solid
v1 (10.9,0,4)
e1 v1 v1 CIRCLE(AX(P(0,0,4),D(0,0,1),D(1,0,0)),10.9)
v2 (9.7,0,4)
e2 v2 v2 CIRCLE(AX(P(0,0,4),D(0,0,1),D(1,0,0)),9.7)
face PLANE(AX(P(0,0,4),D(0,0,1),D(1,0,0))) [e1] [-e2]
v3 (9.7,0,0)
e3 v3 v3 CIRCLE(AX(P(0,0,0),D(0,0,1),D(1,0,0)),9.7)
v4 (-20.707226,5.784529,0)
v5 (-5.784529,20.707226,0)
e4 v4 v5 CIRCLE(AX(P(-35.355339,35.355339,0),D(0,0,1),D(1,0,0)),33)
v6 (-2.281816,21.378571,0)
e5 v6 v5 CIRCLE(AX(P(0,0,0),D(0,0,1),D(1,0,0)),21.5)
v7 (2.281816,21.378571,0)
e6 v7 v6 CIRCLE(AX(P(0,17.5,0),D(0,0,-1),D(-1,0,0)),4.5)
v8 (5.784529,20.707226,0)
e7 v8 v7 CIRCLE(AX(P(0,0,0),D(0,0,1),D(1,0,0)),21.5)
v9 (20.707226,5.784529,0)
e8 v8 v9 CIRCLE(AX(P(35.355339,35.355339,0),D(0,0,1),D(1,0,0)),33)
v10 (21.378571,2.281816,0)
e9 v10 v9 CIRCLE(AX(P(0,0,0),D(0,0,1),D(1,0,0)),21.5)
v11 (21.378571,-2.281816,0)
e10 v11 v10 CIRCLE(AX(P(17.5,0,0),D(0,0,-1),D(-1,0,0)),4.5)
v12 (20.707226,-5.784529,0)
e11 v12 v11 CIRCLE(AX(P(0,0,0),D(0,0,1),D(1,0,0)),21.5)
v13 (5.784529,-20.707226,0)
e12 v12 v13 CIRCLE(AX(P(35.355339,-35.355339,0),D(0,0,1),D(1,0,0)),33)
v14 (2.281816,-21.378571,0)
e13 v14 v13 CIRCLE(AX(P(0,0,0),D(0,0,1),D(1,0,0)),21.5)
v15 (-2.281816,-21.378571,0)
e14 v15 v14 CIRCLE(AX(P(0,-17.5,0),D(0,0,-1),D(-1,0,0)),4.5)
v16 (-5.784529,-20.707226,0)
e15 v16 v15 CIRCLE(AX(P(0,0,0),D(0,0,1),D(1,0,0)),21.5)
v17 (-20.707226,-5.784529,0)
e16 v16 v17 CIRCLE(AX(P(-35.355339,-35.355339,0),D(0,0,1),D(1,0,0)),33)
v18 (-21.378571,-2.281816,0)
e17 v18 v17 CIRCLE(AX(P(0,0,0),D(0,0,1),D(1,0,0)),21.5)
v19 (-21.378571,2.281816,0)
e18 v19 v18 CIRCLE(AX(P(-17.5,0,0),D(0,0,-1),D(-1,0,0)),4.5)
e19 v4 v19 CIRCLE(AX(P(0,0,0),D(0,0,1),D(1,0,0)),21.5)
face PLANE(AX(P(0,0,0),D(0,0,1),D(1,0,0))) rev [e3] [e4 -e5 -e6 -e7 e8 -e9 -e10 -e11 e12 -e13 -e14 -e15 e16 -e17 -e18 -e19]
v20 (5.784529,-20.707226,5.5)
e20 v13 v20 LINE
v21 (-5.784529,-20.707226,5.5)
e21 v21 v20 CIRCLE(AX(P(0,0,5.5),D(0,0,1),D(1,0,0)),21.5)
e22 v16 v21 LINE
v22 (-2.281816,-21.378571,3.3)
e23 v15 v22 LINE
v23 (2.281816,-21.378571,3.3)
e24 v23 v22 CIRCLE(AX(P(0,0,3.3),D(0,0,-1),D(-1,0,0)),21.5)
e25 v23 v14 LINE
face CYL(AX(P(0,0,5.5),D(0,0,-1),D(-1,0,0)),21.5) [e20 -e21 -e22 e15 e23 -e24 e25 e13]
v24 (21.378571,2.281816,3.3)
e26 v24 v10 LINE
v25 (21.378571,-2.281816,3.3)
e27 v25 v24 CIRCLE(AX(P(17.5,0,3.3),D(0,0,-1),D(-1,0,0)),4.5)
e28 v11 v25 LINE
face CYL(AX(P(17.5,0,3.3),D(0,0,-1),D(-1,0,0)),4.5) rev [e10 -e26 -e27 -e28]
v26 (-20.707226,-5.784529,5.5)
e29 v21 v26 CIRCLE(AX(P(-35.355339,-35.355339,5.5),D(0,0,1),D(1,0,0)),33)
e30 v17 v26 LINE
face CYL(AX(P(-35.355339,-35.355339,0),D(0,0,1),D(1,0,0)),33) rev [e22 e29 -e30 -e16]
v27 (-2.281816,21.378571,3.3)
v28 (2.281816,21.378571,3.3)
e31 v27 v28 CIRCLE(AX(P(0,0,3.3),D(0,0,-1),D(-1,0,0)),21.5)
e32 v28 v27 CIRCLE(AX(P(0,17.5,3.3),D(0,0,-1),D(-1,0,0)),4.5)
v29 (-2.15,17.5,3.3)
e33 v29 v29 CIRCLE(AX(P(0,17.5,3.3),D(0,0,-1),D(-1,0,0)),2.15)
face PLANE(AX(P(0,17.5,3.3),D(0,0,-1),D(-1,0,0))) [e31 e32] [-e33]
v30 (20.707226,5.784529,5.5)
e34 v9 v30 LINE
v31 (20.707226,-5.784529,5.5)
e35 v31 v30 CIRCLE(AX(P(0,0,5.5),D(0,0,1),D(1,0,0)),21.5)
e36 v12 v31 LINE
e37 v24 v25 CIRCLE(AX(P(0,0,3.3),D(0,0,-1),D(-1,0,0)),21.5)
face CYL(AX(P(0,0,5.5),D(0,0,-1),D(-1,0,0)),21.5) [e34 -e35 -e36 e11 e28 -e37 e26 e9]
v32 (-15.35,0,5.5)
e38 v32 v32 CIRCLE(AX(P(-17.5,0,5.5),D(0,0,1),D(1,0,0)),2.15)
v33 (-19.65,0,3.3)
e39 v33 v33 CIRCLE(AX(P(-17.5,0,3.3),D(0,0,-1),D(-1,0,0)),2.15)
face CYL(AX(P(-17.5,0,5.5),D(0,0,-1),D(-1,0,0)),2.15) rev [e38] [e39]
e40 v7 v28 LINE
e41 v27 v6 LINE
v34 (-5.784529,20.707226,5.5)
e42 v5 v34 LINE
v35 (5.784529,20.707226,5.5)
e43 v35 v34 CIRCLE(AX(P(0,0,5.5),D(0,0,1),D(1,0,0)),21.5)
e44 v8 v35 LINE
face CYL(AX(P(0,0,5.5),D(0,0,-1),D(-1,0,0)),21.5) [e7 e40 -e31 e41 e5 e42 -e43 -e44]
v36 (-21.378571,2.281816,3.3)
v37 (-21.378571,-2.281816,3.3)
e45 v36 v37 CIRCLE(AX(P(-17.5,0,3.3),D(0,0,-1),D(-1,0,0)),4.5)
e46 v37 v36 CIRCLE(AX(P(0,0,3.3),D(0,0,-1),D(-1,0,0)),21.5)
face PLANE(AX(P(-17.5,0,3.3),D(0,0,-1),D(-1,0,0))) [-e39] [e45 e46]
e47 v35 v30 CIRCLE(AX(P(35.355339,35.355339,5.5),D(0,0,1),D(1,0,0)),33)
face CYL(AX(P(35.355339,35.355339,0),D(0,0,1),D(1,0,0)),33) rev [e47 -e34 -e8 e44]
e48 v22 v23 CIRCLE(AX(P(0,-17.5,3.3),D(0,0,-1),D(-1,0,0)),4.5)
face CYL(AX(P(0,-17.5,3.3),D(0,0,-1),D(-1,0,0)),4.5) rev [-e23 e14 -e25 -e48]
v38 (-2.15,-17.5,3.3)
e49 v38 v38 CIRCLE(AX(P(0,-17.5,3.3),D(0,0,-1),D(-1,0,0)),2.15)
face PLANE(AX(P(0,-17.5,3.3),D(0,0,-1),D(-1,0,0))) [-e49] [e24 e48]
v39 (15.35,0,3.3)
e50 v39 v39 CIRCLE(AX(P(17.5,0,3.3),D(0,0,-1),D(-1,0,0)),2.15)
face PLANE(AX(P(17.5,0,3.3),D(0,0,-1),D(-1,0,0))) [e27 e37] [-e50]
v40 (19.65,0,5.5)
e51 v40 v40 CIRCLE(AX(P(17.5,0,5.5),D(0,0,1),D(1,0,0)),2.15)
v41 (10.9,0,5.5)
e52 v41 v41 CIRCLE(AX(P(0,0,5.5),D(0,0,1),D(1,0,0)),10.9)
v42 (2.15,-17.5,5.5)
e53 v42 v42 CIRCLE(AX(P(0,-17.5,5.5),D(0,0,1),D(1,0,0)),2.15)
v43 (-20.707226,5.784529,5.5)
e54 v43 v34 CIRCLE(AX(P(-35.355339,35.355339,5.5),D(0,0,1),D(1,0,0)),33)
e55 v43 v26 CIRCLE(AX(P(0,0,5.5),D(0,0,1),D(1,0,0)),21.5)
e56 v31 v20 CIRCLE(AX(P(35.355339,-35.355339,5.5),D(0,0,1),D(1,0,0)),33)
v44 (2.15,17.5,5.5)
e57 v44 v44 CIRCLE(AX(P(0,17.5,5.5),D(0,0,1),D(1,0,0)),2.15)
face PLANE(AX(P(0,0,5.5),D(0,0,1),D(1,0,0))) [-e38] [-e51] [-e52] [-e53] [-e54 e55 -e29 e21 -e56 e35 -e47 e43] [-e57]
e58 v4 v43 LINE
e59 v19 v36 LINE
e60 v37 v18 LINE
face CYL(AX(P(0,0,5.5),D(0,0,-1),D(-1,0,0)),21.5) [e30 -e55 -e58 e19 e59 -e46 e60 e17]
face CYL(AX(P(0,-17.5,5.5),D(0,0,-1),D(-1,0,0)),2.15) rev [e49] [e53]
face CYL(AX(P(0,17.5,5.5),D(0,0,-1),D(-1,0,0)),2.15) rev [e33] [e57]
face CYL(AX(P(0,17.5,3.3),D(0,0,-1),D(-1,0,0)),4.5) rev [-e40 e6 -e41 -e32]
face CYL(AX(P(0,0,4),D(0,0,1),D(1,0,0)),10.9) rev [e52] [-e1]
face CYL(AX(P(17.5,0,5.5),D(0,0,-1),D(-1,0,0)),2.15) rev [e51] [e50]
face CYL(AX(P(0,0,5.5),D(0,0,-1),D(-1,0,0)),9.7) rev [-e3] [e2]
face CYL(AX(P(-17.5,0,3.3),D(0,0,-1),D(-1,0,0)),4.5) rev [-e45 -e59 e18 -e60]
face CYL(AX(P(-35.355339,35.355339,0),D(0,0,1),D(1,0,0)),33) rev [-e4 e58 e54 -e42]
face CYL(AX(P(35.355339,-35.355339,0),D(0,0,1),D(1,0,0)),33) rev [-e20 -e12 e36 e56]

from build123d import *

# Parameters (mm, degrees)
SKETCH_1_R          = 21.5
SKETCH_1_R_2        = 2.15
SKETCH_1_R_3        = 9.7
EXTRUDE_1_DEPTH     = 5.5
SKETCH_2_R          = 10.9
SKETCH_2_R_2        = 9.55
CUT_EXTRUDE_1_DEPTH = 1.5
CUT_EXTRUDE_2_DEPTH = 31.899029111
SKETCH_4_R          = 4.5
CUT_EXTRUDE_3_DEPTH = 3.3


with BuildPart() as part:
    # 草图1 → 凸台-拉伸1 (new body)
    with BuildSketch(Plane.XY):
        Circle(SKETCH_1_R)
        with Locations((0, 17.5)):
            Circle(SKETCH_1_R_2, mode=Mode.SUBTRACT)
        with Locations((17.5, 0)):
            Circle(SKETCH_1_R_2, mode=Mode.SUBTRACT)
        with Locations((-17.5, 0)):
            Circle(SKETCH_1_R_2, mode=Mode.SUBTRACT)
        with Locations((0, -17.5)):
            Circle(SKETCH_1_R_2, mode=Mode.SUBTRACT)
        Circle(SKETCH_1_R_3, mode=Mode.SUBTRACT)
    extrude(amount=EXTRUDE_1_DEPTH)

    # 草图2 → 切除-拉伸1 (cut)
    with BuildSketch(Plane.XY.offset(5.5)):
        Circle(SKETCH_2_R)
        Circle(SKETCH_2_R_2, mode=Mode.SUBTRACT)
    extrude(amount=-CUT_EXTRUDE_1_DEPTH, mode=Mode.SUBTRACT)

    # 草图3 → 切除-拉伸2 (cut, through all)
    with BuildSketch(Plane.XY.offset(5.5)):
        with BuildLine():
            ThreePointArc((5.784529249, 20.707226308), (12.02081528, 12.02081528), (20.707226308, 5.784529249))
            ThreePointArc((20.707226308, 5.784529249), (15.202795796, 15.202795796), (5.784529249, 20.707226308))
        make_face()
        with BuildLine():
            ThreePointArc((-20.707226308, 5.784529249), (-12.02081528, 12.02081528), (-5.784529249, 20.707226308))
            ThreePointArc((-5.784529249, 20.707226308), (-15.202795796, 15.202795796), (-20.707226308, 5.784529249))
        make_face()
        with BuildLine():
            ThreePointArc((-5.784529249, -20.707226308), (-12.02081528, -12.02081528), (-20.707226308, -5.784529249))
            ThreePointArc((-20.707226308, -5.784529249), (-15.202795796, -15.202795796), (-5.784529249, -20.707226308))
        make_face()
        with BuildLine():
            ThreePointArc((20.707226308, -5.784529249), (12.02081528, -12.02081528), (5.784529249, -20.707226308))
            ThreePointArc((5.784529249, -20.707226308), (15.202795796, -15.202795796), (20.707226308, -5.784529249))
        make_face()
    extrude(amount=-CUT_EXTRUDE_2_DEPTH, mode=Mode.SUBTRACT)

    # 草图4 → 切除-拉伸3 (cut)
    with BuildSketch(Plane(origin=(0, 0, 0), x_dir=(-1, 0, 0), z_dir=(0, 0, -1))):
        with Locations((0, 17.5)):
            Circle(SKETCH_4_R)
        with Locations((17.5, 0)):
            Circle(SKETCH_4_R)
        with Locations((-17.5, 0)):
            Circle(SKETCH_4_R)
        with Locations((0, -17.5)):
            Circle(SKETCH_4_R)
    extrude(amount=-CUT_EXTRUDE_3_DEPTH, mode=Mode.SUBTRACT)


solid = part.part
